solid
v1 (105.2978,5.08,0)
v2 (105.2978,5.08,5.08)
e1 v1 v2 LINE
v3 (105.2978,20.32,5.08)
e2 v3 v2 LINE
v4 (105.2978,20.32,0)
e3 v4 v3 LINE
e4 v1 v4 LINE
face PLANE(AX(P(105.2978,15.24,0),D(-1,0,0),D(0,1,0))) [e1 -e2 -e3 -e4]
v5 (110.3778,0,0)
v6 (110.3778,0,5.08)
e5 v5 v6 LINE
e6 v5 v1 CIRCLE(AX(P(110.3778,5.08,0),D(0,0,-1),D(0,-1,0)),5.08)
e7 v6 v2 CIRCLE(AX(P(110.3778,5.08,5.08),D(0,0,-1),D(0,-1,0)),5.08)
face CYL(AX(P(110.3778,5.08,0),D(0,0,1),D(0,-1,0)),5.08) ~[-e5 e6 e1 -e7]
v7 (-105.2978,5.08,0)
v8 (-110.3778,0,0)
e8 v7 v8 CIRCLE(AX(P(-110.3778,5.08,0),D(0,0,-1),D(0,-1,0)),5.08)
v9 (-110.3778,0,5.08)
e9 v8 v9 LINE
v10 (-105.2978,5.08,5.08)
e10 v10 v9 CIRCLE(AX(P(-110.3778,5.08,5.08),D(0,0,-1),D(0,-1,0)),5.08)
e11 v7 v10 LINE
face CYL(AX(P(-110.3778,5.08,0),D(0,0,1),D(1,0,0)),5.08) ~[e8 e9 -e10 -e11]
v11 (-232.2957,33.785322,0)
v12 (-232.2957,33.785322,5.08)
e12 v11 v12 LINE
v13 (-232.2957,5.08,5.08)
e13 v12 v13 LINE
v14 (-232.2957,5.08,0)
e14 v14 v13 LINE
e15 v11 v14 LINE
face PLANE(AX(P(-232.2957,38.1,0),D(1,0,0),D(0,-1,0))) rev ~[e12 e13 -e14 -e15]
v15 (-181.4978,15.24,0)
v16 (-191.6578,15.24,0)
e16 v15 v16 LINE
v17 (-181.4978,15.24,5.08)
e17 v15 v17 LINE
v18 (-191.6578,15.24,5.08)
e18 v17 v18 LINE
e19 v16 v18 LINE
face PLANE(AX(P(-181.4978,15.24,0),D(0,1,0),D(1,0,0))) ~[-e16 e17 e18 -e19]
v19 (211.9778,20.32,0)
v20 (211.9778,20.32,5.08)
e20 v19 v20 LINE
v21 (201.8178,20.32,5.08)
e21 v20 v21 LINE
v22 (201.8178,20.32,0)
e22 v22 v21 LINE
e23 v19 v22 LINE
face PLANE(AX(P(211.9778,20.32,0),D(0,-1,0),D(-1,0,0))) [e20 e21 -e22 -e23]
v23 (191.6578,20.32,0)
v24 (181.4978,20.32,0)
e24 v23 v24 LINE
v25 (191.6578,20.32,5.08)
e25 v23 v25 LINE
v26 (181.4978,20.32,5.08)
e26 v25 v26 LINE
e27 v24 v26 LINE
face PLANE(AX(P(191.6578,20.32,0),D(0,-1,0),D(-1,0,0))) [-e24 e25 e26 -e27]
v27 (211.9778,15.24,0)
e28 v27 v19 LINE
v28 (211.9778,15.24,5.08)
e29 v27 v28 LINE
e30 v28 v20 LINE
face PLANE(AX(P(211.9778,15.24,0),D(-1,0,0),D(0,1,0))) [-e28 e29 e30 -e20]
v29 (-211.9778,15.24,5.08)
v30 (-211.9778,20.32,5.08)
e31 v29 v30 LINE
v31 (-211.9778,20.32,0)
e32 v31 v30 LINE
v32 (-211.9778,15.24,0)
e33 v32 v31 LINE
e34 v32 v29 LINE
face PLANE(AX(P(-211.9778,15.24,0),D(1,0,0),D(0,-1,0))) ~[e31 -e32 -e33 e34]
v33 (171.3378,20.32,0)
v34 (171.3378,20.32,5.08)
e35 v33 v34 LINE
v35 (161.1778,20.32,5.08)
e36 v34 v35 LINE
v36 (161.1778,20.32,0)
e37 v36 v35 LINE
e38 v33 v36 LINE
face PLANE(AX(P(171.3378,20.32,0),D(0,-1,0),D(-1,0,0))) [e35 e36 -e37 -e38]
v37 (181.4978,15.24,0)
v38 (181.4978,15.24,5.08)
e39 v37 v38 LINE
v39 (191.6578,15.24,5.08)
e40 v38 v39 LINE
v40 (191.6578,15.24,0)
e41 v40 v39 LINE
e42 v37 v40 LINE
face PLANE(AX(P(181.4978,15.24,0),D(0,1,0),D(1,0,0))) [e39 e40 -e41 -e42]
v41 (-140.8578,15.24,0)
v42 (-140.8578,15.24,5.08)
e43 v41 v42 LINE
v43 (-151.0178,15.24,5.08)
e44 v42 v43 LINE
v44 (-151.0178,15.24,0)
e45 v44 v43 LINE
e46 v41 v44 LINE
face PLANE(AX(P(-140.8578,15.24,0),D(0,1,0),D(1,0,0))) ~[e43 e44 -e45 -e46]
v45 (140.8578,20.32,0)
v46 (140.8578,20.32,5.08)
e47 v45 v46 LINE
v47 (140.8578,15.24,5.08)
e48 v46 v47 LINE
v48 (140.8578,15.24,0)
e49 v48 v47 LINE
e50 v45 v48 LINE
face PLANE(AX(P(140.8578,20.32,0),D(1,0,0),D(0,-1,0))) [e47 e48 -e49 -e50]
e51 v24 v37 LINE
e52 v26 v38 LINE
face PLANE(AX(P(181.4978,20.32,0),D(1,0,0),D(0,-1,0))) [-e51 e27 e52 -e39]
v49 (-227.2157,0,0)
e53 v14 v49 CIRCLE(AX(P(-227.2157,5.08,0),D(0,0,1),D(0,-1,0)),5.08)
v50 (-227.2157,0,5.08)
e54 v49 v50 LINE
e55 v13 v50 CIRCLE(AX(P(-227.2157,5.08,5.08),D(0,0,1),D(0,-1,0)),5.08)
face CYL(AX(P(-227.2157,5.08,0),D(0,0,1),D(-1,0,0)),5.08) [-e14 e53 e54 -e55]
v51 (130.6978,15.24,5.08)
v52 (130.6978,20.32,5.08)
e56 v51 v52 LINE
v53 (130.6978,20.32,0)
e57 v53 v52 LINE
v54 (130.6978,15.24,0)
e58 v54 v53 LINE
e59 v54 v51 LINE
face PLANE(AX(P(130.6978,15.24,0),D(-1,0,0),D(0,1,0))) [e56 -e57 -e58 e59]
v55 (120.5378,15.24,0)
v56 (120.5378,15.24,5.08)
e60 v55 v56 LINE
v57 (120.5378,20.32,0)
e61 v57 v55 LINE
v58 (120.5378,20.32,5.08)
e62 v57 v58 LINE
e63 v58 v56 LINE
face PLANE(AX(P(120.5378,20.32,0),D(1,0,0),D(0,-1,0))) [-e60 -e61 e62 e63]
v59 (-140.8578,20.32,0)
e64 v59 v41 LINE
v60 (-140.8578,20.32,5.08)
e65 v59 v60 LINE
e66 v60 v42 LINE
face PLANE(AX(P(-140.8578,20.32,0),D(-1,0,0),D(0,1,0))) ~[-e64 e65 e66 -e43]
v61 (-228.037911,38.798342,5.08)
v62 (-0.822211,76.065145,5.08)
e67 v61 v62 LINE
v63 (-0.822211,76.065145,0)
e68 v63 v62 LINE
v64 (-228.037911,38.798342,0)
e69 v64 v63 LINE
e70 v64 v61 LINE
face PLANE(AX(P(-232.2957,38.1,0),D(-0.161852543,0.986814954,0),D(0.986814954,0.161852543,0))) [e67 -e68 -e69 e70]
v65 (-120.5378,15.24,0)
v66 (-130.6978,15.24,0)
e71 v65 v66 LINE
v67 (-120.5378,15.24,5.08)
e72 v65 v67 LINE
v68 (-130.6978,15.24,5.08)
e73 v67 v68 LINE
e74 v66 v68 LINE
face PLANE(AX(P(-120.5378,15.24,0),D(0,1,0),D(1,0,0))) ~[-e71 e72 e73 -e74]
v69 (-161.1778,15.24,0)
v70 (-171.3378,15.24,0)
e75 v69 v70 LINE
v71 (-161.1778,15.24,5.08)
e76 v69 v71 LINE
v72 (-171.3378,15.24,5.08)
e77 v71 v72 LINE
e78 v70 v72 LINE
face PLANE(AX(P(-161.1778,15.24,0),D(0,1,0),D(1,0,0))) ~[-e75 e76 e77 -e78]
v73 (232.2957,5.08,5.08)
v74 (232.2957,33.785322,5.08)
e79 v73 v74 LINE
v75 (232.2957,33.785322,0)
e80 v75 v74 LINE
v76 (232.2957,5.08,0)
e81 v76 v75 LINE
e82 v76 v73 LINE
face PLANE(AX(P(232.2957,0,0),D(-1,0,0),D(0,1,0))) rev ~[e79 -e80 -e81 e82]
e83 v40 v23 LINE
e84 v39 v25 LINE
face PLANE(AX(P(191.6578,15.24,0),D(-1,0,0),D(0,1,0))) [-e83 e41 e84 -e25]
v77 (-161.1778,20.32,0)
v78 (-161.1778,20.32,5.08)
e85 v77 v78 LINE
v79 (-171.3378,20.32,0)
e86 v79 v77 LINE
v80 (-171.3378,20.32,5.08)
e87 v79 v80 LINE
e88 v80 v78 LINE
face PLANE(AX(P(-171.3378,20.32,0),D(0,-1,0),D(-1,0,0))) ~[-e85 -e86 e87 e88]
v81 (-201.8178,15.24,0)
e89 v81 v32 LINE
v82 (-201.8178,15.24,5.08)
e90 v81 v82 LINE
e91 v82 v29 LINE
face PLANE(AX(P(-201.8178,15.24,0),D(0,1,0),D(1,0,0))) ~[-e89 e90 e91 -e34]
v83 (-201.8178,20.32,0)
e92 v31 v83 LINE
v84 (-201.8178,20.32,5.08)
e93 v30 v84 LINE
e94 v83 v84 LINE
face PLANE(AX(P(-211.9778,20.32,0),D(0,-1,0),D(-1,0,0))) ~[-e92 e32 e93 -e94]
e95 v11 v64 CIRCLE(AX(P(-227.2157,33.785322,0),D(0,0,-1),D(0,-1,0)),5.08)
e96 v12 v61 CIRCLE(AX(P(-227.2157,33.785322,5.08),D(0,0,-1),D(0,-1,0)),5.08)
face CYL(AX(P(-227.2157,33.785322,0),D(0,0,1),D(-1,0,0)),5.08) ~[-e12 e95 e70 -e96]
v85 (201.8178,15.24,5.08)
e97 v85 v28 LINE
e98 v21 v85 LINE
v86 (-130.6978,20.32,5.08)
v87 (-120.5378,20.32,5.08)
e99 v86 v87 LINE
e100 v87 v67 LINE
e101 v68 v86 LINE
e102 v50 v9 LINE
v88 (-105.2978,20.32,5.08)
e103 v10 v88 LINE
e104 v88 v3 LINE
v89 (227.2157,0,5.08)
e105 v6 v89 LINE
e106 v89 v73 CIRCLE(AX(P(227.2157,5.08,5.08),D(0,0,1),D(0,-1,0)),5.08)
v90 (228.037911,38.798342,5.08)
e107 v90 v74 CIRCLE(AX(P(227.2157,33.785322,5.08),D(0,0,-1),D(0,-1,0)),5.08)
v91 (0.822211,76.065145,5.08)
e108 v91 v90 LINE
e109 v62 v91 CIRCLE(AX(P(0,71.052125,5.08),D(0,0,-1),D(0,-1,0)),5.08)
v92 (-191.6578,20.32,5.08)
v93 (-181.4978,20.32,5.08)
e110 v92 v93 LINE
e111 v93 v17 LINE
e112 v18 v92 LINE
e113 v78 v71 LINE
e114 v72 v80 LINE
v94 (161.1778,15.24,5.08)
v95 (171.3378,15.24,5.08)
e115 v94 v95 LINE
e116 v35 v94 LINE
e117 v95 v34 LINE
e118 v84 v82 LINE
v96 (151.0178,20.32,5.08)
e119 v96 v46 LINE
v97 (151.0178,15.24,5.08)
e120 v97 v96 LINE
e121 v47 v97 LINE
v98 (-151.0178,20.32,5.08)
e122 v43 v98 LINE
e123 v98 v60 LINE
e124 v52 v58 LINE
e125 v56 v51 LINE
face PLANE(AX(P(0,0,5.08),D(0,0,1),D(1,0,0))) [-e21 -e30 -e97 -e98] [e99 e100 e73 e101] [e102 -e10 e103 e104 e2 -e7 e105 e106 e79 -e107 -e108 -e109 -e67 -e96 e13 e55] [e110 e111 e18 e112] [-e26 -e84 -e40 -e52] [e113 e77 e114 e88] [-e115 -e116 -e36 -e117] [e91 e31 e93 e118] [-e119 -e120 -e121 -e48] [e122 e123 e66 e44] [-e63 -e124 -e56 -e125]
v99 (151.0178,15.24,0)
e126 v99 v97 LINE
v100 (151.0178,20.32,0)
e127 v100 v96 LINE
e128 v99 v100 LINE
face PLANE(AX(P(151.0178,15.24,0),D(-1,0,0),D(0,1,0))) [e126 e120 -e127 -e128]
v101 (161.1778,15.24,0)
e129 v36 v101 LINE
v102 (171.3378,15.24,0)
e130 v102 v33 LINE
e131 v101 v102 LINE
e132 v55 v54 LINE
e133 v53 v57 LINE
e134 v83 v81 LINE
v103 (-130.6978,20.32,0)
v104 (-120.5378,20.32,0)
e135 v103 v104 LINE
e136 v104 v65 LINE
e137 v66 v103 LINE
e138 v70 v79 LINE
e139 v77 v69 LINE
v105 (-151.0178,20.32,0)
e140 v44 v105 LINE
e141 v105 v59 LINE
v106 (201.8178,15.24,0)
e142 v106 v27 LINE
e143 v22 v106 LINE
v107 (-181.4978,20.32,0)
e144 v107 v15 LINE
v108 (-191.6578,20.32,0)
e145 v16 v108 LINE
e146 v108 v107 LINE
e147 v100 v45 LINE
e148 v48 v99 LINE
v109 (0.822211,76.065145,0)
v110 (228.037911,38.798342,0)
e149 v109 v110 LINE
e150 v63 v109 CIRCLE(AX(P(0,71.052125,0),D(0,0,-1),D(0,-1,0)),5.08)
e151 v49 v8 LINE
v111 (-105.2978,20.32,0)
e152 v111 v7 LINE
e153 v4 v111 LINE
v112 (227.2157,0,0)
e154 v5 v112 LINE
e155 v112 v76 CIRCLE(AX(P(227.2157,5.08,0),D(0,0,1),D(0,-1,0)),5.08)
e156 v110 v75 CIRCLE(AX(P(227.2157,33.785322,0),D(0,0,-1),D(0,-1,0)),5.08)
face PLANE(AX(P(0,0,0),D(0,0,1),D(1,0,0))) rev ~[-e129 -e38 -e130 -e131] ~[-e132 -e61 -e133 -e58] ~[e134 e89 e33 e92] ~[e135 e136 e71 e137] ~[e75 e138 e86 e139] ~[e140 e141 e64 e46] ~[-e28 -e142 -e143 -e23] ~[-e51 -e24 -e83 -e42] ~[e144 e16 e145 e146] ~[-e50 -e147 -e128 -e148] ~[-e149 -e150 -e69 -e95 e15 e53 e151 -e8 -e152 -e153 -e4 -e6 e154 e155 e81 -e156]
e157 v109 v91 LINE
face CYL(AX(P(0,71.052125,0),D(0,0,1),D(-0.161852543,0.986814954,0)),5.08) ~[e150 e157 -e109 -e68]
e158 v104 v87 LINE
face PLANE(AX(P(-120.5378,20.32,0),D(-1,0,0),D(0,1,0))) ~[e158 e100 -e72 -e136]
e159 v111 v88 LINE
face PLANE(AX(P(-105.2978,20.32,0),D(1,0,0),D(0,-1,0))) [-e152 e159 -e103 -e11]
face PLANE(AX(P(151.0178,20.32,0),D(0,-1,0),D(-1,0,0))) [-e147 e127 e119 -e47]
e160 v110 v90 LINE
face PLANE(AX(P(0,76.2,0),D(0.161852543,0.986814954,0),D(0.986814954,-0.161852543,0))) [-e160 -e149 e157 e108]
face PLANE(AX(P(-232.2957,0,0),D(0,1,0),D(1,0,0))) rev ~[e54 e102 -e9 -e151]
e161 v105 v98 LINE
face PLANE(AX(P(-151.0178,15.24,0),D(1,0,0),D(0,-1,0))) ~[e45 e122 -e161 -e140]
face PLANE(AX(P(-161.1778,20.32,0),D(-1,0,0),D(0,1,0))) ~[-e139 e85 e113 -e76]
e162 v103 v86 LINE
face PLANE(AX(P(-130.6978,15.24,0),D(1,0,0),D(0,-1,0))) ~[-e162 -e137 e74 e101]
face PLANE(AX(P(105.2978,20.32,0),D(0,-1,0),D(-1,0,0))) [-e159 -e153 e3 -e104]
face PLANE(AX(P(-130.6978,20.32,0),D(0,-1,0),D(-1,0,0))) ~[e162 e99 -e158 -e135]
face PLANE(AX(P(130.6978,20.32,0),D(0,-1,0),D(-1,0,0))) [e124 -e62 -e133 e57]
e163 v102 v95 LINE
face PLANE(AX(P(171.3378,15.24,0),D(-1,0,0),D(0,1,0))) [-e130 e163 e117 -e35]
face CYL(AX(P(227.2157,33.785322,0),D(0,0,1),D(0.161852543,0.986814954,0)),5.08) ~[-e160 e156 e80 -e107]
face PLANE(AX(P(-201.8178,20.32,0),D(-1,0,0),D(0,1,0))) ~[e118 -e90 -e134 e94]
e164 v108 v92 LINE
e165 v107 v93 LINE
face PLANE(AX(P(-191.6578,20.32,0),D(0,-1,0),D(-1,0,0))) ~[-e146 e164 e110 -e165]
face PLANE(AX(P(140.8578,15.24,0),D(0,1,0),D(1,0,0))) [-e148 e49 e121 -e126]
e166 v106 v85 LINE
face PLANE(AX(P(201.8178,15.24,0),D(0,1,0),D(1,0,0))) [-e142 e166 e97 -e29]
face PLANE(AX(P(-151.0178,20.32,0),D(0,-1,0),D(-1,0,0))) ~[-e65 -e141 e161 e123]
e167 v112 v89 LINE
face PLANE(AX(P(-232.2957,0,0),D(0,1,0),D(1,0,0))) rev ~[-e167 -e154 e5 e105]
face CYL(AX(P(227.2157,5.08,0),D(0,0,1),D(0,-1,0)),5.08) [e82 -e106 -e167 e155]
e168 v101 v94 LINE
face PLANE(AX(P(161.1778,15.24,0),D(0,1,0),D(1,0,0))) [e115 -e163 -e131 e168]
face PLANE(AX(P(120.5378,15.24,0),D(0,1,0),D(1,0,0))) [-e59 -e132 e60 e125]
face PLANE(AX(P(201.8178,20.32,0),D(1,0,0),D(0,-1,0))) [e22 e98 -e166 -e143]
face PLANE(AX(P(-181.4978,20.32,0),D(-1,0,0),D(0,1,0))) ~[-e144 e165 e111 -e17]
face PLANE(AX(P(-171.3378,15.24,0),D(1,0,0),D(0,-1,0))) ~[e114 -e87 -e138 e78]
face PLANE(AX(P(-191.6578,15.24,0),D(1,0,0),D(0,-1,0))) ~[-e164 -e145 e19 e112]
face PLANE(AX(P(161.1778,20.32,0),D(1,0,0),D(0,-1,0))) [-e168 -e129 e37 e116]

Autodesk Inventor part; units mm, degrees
ref_plane "YZ Plane" through (0, 0, 0) normal (1, 0, 0) x (0, 1, 0)
ref_plane "XZ Plane" through (0, 0, 0) normal (0, 1, 0) x (-1, 0, 0)
ref_plane "XY Plane" through (0, 0, 0) normal (0, 0, 1) x (1, 0, 0)
sketch "Sketch1" plane through (0, 0, 0) normal (0, 0, 1) x (1, 0, 0)
  line L0 (-232.2957, 0) -> (232.2957, 0)
  line L1 (232.2957, 0) -> (232.2957, 38.1)
  line L2 (232.2957, 38.1) -> (-232.2957, 38.1) construction
  line L3 (-232.2957, 38.1) -> (-232.2957, 0)
  line L4 (-232.2957, 38.1) -> (0, 76.2)
  line L5 (0, 76.2) -> (232.2957, 38.1)
  line L6 (0, 76.2) -> (0, 38.1) construction
  point P0 (0, 0)
  point P1 (0, 0)
  dimension "d0" = 464.5914
  dimension "d1" = 38.1
  dimension "d2" = 38.1
extrude "Extrusion1" add sketch "Sketch1" along normal blind 5.08
fillet "Fillet1" radius 5.08 3 edges at (0, 76.2, 2.54) (232.2957, 38.1, 2.54) (-232.2957, 38.1, 2.54)
fillet "Fillet2" radius 5.08 2 edges at (-232.2957, 0, 2.54) (232.2957, 0, 2.54)
sketch "Sketch2" plane through (0, 0, 0) normal (0, 0, -1) x (-1, 0, 0)
  line L0 (-211.9778, 20.32) -> (-201.8178, 20.32)
  line L1 (-201.8178, 20.32) -> (-201.8178, 15.24)
  line L2 (-201.8178, 15.24) -> (-211.9778, 15.24)
  line L3 (-211.9778, 15.24) -> (-211.9778, 20.32)
  line L4 (-191.6578, 20.32) -> (-181.4978, 20.32)
  line L5 (-181.4978, 20.32) -> (-181.4978, 15.24)
  line L6 (-181.4978, 15.24) -> (-191.6578, 15.24)
  line L7 (-191.6578, 15.24) -> (-191.6578, 20.32)
  line L8 (-171.3378, 20.32) -> (-161.1778, 20.32)
  line L9 (-161.1778, 20.32) -> (-161.1778, 15.24)
  line L10 (-161.1778, 15.24) -> (-171.3378, 15.24)
  line L11 (-171.3378, 15.24) -> (-171.3378, 20.32)
  line L12 (-151.0178, 20.32) -> (-140.8578, 20.32)
  line L13 (-140.8578, 20.32) -> (-140.8578, 15.24)
  line L14 (-140.8578, 15.24) -> (-151.0178, 15.24)
  line L15 (-151.0178, 15.24) -> (-151.0178, 20.32)
  line L16 (-130.6978, 20.32) -> (-120.5378, 20.32)
  line L17 (-120.5378, 20.32) -> (-120.5378, 15.24)
  line L18 (-120.5378, 15.24) -> (-130.6978, 15.24)
  line L19 (-130.6978, 15.24) -> (-130.6978, 20.32)
  line L20 (-45.72, 20.32) -> (-45.72, 15.24)
  line L21 (-45.72, 15.24) -> (-105.2978, 15.24) construction
  line L22 (-105.2978, 15.24) -> (-105.2978, 20.32)
  line L23 (-105.2978, 20.32) -> (-45.72, 20.32)
  line L24 (-40.64, 15.24) -> (-40.64, 20.32)
  line L25 (-40.64, 20.32) -> (40.64, 20.32)
  line L26 (40.64, 20.32) -> (40.64, 15.24)
  line L27 (40.64, 15.24) -> (-40.64, 15.24) construction
  line L28 (45.72, 15.24) -> (45.72, 20.32)
  line L29 (45.72, 20.32) -> (105.2978, 20.32)
  line L30 (105.2978, 20.32) -> (105.2978, 15.24)
  line L31 (105.2978, 15.24) -> (45.72, 15.24) construction
  arc A0 (-232.2957, 5.08) -> (-227.2157, 0) centre (-227.2157, 5.08) ccw projected
  line L32 (227.2157, 0) -> (-227.2157, 0) projected
  arc A1 (227.2157, 0) -> (232.2957, 5.08) centre (227.2157, 5.08) ccw projected
  line L33 (232.2957, 33.7853) -> (232.2957, 5.08) projected
  arc A2 (232.2957, 33.7853) -> (228.0379, 38.7983) centre (227.2157, 33.7853) ccw projected
  line L34 (0.8222, 76.0651) -> (228.0379, 38.7983) construction
  arc A3 (0.8222, 76.0651) -> (-0.8222, 76.0651) centre (0, 71.0521) ccw construction
  line L35 (-228.0379, 38.7983) -> (-0.8222, 76.0651) construction
  arc A4 (-228.0379, 38.7983) -> (-232.2957, 33.7853) centre (-227.2157, 33.7853) ccw projected
  line L36 (-232.2957, 5.08) -> (-232.2957, 33.7853) projected
  line L37 (-105.2978, 15.24) -> (-105.2978, 0)
  line L38 (227.2157, 0) -> (-227.2157, 0) projected
  line L39 (-105.2978, 20.32) -> (105.2978, 20.32)
  line L40 (105.2978, 20.32) -> (105.2978, 0)
  line L41 (105.2978, 0) -> (-105.2978, 0)
  line L42 (-105.2978, 0) -> (-105.2978, 20.32)
  point P0 (0, 0)
extrude "Extrusion2" cut sketch "Sketch2" against normal blind 5.08
fillet "Fillet3" radius 5.08 2 edges at (105.2978, 0, 2.54) (-105.2978, 0, 2.54)
mirror "Mirror1" about plane through (0, 0, 0) normal (1, 0, 0) of "Extrusion2"
properties part number "TrusSupport" material "Wood (Birch)"
